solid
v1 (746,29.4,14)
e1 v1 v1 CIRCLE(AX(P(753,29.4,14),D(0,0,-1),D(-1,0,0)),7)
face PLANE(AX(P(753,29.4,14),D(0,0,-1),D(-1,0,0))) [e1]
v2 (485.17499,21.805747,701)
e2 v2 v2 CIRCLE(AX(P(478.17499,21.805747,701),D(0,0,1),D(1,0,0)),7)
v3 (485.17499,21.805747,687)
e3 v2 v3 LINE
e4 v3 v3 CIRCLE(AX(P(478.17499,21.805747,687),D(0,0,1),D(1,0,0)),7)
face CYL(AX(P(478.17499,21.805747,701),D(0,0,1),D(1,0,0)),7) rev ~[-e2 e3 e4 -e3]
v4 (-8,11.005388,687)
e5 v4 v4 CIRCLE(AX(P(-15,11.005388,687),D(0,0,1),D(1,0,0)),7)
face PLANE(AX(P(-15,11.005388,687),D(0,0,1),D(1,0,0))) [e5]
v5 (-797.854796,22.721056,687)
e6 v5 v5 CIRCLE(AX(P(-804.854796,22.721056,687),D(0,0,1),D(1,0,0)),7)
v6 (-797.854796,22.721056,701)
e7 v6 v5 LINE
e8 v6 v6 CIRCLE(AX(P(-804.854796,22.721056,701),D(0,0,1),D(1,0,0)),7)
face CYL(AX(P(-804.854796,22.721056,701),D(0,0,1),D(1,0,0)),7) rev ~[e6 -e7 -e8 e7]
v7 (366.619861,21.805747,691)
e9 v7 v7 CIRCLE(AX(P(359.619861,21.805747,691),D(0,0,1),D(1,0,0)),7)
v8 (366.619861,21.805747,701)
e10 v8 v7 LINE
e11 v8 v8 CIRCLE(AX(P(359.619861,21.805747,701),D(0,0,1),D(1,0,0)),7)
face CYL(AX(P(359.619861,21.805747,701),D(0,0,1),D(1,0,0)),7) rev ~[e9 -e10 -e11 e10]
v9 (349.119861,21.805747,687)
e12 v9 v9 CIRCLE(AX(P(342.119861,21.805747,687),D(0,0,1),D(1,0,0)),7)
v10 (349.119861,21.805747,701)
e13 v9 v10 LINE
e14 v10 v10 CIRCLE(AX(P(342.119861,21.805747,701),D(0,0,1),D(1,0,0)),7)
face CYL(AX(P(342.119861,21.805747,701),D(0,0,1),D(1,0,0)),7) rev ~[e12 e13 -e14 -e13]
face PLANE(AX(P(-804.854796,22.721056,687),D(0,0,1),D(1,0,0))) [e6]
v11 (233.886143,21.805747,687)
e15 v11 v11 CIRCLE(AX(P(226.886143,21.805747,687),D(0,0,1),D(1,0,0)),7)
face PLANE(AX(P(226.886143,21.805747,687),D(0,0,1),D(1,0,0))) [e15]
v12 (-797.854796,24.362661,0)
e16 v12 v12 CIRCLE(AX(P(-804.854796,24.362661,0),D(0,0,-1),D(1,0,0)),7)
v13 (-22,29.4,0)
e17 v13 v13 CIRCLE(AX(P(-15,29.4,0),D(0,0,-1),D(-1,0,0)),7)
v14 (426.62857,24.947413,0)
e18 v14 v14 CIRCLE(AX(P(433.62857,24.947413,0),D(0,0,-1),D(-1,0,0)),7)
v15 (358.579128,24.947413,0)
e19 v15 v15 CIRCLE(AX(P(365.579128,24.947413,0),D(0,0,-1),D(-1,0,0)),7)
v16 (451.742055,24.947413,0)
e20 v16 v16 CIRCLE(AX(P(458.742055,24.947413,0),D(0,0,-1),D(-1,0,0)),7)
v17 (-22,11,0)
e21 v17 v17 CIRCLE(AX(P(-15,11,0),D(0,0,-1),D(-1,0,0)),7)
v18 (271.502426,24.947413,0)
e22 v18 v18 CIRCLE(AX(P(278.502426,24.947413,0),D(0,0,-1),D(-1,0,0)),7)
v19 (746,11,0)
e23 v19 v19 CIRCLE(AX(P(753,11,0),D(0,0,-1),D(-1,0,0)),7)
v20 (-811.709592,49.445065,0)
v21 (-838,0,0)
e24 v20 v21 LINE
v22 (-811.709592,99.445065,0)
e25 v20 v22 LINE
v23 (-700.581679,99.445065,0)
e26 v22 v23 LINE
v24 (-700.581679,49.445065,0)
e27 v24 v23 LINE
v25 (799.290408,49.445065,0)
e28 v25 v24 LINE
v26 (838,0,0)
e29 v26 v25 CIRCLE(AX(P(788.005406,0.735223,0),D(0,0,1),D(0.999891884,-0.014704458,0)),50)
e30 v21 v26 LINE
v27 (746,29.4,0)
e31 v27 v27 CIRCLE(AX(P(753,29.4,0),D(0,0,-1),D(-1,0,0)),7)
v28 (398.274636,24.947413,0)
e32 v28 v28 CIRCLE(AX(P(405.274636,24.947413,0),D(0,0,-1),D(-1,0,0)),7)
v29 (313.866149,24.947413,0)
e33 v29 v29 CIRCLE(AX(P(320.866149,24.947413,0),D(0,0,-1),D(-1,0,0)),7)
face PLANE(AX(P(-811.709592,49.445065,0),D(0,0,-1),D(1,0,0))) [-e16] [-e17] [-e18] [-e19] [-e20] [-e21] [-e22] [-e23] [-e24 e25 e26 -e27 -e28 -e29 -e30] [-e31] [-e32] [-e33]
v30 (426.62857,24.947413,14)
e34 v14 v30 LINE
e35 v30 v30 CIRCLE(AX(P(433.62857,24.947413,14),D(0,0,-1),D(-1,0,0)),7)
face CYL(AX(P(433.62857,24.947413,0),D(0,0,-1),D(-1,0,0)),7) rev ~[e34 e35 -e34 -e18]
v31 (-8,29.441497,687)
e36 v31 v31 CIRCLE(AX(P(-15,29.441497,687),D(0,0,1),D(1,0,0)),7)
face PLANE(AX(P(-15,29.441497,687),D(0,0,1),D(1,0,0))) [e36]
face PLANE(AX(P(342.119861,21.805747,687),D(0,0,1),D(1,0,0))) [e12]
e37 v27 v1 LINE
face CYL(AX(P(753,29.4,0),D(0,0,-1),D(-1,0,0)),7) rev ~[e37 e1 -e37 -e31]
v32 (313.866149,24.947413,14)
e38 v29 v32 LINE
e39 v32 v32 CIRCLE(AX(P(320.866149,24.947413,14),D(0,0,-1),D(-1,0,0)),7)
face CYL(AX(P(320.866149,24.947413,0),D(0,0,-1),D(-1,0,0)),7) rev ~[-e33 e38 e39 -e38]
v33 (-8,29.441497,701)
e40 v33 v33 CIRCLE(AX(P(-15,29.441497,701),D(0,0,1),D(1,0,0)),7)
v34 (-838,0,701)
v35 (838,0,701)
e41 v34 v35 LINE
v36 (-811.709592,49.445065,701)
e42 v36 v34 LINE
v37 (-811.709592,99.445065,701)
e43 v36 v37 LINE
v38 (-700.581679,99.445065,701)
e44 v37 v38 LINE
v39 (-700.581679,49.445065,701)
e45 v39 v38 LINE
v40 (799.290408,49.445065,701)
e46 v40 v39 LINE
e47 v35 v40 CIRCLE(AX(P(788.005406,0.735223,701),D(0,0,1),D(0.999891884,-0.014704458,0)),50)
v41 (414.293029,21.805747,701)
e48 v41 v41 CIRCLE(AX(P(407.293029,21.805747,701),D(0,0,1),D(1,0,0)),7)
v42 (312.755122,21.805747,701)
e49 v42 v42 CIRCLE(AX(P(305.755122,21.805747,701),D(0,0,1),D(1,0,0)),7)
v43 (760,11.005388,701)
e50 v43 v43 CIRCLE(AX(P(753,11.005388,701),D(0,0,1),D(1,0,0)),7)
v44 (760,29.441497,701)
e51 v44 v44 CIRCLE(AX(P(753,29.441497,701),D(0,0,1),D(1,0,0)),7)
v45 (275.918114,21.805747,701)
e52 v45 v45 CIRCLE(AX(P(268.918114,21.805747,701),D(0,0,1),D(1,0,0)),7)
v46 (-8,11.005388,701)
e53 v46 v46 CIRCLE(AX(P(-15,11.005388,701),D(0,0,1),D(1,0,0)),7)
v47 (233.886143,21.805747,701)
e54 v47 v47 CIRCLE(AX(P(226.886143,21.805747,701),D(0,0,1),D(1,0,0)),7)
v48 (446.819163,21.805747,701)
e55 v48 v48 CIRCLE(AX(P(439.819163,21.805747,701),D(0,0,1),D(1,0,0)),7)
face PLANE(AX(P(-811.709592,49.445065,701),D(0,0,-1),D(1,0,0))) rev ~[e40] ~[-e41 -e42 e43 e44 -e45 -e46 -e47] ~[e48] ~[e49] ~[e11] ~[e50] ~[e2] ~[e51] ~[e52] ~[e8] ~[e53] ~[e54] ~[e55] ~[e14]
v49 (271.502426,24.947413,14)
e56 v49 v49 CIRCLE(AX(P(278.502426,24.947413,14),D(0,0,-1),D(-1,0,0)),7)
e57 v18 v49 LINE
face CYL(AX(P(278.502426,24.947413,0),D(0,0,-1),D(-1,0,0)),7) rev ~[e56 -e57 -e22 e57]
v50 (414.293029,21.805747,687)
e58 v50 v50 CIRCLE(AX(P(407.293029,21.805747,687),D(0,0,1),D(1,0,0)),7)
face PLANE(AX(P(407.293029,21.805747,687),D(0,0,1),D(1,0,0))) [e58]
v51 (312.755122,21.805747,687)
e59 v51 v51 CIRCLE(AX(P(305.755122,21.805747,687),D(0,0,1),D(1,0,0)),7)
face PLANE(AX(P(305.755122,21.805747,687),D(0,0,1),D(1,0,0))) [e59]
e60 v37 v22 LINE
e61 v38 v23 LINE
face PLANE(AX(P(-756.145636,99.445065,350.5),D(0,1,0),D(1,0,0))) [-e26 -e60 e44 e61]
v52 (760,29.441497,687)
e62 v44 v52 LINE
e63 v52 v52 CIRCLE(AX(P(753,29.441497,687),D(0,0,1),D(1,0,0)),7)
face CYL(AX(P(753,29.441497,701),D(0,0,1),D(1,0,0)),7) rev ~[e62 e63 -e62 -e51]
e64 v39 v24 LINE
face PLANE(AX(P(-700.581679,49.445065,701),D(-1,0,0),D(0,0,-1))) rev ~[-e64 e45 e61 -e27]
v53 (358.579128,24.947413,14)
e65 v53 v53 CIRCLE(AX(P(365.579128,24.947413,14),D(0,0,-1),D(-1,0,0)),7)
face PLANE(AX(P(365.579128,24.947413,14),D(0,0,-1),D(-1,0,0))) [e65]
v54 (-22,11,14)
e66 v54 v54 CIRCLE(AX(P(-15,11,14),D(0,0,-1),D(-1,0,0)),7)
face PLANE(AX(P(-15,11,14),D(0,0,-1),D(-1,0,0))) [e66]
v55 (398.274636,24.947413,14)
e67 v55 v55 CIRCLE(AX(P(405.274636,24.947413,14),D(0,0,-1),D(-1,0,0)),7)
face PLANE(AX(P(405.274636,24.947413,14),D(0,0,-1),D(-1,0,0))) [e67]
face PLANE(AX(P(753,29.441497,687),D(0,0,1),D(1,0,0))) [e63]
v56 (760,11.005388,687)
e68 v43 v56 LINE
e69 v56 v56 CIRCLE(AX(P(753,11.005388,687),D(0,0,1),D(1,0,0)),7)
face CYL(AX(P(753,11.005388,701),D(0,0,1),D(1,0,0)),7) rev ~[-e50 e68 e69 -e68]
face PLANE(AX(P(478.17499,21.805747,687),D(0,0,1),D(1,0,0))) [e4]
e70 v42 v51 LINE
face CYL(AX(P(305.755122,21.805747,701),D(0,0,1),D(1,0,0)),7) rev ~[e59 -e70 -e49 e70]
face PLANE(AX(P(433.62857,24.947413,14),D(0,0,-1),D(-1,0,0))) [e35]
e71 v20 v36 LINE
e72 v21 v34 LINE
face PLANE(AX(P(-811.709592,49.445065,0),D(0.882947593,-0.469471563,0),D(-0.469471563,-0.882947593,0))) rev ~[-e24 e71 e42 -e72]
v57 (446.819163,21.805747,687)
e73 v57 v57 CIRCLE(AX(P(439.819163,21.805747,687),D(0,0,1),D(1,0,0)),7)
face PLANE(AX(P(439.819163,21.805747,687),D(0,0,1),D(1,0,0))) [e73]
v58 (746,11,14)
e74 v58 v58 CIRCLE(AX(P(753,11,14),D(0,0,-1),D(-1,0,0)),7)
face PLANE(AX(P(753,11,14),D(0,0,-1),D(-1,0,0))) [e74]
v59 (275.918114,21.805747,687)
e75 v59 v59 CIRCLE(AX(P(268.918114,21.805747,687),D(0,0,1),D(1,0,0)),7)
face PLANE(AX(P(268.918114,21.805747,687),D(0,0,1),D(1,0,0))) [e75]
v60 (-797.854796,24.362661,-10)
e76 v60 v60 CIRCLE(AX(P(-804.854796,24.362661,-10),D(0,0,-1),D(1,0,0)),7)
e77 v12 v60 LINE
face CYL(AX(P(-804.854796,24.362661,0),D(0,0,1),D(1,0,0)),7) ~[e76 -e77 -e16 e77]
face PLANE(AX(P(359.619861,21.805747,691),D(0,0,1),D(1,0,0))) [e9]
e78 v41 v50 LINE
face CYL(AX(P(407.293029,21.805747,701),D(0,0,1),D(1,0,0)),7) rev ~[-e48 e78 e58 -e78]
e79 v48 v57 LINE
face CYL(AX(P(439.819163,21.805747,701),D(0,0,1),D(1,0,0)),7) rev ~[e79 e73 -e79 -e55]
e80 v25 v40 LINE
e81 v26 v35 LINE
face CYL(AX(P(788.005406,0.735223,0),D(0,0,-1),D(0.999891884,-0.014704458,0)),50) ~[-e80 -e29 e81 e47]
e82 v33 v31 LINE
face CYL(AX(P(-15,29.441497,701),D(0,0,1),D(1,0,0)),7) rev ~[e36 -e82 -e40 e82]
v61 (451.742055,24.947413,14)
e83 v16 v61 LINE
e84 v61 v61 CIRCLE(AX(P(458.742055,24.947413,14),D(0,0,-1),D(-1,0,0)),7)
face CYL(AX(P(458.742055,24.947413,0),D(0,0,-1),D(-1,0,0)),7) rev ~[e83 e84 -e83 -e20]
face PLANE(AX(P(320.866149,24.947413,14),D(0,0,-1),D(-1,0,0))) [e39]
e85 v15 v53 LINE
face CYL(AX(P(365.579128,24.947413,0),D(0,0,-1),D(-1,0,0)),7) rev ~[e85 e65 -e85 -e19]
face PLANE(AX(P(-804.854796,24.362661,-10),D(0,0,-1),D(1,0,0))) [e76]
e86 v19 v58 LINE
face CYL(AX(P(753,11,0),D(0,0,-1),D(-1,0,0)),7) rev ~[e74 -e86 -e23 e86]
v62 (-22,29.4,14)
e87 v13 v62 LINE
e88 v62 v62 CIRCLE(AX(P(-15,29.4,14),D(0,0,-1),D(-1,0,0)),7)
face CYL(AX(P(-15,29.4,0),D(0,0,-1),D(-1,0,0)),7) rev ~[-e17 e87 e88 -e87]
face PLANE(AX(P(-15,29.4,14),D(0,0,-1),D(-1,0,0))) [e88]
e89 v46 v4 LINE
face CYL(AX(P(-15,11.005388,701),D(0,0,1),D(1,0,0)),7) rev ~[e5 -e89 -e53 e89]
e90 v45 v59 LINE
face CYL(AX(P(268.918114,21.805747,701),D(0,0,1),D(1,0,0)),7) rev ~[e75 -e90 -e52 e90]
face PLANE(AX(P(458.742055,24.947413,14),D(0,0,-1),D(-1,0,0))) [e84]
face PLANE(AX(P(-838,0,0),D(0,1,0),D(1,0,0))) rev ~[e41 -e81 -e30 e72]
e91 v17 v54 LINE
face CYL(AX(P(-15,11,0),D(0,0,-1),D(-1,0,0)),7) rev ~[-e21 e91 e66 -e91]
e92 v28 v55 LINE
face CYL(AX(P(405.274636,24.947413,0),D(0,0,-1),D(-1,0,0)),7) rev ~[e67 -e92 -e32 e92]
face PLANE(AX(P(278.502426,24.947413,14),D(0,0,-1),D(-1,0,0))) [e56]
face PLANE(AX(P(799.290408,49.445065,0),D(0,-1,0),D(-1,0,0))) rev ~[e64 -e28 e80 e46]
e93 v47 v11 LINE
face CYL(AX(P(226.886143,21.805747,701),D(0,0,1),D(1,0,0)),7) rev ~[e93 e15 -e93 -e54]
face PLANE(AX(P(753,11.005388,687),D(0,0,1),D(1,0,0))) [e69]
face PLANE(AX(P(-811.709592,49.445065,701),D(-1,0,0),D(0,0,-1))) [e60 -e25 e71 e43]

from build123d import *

# Parameters (mm, degrees)
BOSS_EXTRUDE1_DEPTH = 701
SKETCH3_R           = 7
CUT_EXTRUDE1_DEPTH  = 14
SKETCH4_R           = 7
CUT_EXTRUDE2_DEPTH  = 14
SKETCH5_R           = 7
CUT_EXTRUDE3_DEPTH  = 14
SKETCH6_R           = 7
BOSS_EXTRUDE2_DEPTH = 10
SKETCH7_R           = 7
CUT_EXTRUDE4_DEPTH  = 14
SKETCH8_R           = 7
CUT_EXTRUDE5_DEPTH  = 14
SKETCH9_R           = 7
CUT_EXTRUDE6_DEPTH  = 14
SKETCH10_R          = 7
CUT_EXTRUDE7_DEPTH  = 10
SKETCH11_W          = 111.127913471
SKETCH11_H          = 701
BOSS_EXTRUDE3_DEPTH = 50


with BuildPart() as part:
    # Sketch2 → Boss-Extrude1 (new body)
    with BuildSketch(Plane.XY):
        with BuildLine():
            Line((-838, 0), (838, 0))
            ThreePointArc((838, 0), (827.375455805, 31.557279357), (799.290407516, 49.4450652))
            Line((799.290407516, 49.4450652), (-811.709592484, 49.4450652))
            Line((-811.709592484, 49.4450652), (-838, 0))
        make_face()
    extrude(amount=BOSS_EXTRUDE1_DEPTH)

    # Sketch3 → Cut-Extrude1 (cut)
    with BuildSketch(Plane.XY.offset(701)):
        with Locations((753, 11.005388452)):
            Circle(SKETCH3_R)
        with Locations((753, 29.441497119)):
            Circle(SKETCH3_R)
        with Locations((-15, 29.441497119)):
            Circle(SKETCH3_R)
        with Locations((-15, 11.005388452)):
            Circle(SKETCH3_R)
    extrude(amount=-CUT_EXTRUDE1_DEPTH, mode=Mode.SUBTRACT)

    # Sketch4 → Cut-Extrude2 (cut)
    with BuildSketch(Plane(origin=(0, 0, 0), x_dir=(-1, 0, 0), z_dir=(0, 0, -1))):
        with Locations((-753, 11)):
            Circle(SKETCH4_R)
        with Locations((-753, 29.4)):
            Circle(SKETCH4_R)
        with Locations((15, 11)):
            Circle(SKETCH4_R)
        with Locations((15, 29.4)):
            Circle(SKETCH4_R)
    extrude(amount=-CUT_EXTRUDE2_DEPTH, mode=Mode.SUBTRACT)

    # Sketch5 → Cut-Extrude3 (cut)
    with BuildSketch(Plane(origin=(0, 0, 0), x_dir=(-1, 0, 0), z_dir=(0, 0, -1))):
        with Locations((-320.866149007, 24.947412588)):
            Circle(SKETCH5_R)
        with Locations((-278.502426445, 24.947412588)):
            Circle(SKETCH5_R)
    extrude(amount=-CUT_EXTRUDE3_DEPTH, mode=Mode.SUBTRACT)

    # Sketch6 → Boss-Extrude2 (add)
    with BuildSketch(Plane(origin=(0, 0, 0), x_dir=(-1, 0, 0), z_dir=(0, 0, -1))):
        with Locations(Location((804.854796242, 24.362661379, 0), (0, 0, 180))):
            Circle(SKETCH6_R)
    extrude(amount=BOSS_EXTRUDE2_DEPTH)

    # Sketch7 → Cut-Extrude4 (cut)
    with BuildSketch(Plane(origin=(0, 0, 0), x_dir=(-1, 0, 0), z_dir=(0, 0, -1))):
        with Locations((-365.57912829, 24.947412588)):
            Circle(SKETCH7_R)
        with Locations((-405.274636015, 24.947412588)):
            Circle(SKETCH7_R)
        with Locations((-458.742054583, 24.947412588)):
            Circle(SKETCH7_R)
        with Locations((-433.628570104, 24.947412588)):
            Circle(SKETCH7_R)
    extrude(amount=-CUT_EXTRUDE4_DEPTH, mode=Mode.SUBTRACT)

    # Sketch8 → Cut-Extrude5 (cut)
    with BuildSketch(Plane.XY.offset(701)):
        with Locations((226.886142598, 21.805746879)):
            Circle(SKETCH8_R)
        with Locations((268.91811361, 21.805746879)):
            Circle(SKETCH8_R)
        with Locations((305.755121912, 21.805746879)):
            Circle(SKETCH8_R)
        with Locations((342.119860878, 21.805746879)):
            Circle(SKETCH8_R)
        with Locations((407.293029413, 21.805746879)):
            Circle(SKETCH8_R)
        with Locations((439.819163205, 21.805746879)):
            Circle(SKETCH8_R)
        with Locations((478.174989696, 21.805746879)):
            Circle(SKETCH8_R)
    extrude(amount=-CUT_EXTRUDE5_DEPTH, mode=Mode.SUBTRACT)

    # Sketch9 → Cut-Extrude6 (cut)
    with BuildSketch(Plane.XY.offset(701)):
        with Locations((-804.854796242, 22.721056166)):
            Circle(SKETCH9_R)
    extrude(amount=-CUT_EXTRUDE6_DEPTH, mode=Mode.SUBTRACT)

    # Sketch10 → Cut-Extrude7 (cut)
    with BuildSketch(Plane.XY.offset(701)):
        with Locations((342.119860878, 21.805746879)):
            Circle(SKETCH10_R)
        with Locations((359.619860878, 21.805746879)):
            Circle(SKETCH10_R)
    extrude(amount=-CUT_EXTRUDE7_DEPTH, mode=Mode.SUBTRACT)

    # Sketch11 → Boss-Extrude3 (add)
    with BuildSketch(Plane(origin=(0, 49.4450652, 0), x_dir=(1, 0, 0), z_dir=(0, 1, 0))):
        with Locations((-756.145635749, -350.5)):
            Rectangle(SKETCH11_W, SKETCH11_H)
    extrude(amount=BOSS_EXTRUDE3_DEPTH)


solid = part.part
